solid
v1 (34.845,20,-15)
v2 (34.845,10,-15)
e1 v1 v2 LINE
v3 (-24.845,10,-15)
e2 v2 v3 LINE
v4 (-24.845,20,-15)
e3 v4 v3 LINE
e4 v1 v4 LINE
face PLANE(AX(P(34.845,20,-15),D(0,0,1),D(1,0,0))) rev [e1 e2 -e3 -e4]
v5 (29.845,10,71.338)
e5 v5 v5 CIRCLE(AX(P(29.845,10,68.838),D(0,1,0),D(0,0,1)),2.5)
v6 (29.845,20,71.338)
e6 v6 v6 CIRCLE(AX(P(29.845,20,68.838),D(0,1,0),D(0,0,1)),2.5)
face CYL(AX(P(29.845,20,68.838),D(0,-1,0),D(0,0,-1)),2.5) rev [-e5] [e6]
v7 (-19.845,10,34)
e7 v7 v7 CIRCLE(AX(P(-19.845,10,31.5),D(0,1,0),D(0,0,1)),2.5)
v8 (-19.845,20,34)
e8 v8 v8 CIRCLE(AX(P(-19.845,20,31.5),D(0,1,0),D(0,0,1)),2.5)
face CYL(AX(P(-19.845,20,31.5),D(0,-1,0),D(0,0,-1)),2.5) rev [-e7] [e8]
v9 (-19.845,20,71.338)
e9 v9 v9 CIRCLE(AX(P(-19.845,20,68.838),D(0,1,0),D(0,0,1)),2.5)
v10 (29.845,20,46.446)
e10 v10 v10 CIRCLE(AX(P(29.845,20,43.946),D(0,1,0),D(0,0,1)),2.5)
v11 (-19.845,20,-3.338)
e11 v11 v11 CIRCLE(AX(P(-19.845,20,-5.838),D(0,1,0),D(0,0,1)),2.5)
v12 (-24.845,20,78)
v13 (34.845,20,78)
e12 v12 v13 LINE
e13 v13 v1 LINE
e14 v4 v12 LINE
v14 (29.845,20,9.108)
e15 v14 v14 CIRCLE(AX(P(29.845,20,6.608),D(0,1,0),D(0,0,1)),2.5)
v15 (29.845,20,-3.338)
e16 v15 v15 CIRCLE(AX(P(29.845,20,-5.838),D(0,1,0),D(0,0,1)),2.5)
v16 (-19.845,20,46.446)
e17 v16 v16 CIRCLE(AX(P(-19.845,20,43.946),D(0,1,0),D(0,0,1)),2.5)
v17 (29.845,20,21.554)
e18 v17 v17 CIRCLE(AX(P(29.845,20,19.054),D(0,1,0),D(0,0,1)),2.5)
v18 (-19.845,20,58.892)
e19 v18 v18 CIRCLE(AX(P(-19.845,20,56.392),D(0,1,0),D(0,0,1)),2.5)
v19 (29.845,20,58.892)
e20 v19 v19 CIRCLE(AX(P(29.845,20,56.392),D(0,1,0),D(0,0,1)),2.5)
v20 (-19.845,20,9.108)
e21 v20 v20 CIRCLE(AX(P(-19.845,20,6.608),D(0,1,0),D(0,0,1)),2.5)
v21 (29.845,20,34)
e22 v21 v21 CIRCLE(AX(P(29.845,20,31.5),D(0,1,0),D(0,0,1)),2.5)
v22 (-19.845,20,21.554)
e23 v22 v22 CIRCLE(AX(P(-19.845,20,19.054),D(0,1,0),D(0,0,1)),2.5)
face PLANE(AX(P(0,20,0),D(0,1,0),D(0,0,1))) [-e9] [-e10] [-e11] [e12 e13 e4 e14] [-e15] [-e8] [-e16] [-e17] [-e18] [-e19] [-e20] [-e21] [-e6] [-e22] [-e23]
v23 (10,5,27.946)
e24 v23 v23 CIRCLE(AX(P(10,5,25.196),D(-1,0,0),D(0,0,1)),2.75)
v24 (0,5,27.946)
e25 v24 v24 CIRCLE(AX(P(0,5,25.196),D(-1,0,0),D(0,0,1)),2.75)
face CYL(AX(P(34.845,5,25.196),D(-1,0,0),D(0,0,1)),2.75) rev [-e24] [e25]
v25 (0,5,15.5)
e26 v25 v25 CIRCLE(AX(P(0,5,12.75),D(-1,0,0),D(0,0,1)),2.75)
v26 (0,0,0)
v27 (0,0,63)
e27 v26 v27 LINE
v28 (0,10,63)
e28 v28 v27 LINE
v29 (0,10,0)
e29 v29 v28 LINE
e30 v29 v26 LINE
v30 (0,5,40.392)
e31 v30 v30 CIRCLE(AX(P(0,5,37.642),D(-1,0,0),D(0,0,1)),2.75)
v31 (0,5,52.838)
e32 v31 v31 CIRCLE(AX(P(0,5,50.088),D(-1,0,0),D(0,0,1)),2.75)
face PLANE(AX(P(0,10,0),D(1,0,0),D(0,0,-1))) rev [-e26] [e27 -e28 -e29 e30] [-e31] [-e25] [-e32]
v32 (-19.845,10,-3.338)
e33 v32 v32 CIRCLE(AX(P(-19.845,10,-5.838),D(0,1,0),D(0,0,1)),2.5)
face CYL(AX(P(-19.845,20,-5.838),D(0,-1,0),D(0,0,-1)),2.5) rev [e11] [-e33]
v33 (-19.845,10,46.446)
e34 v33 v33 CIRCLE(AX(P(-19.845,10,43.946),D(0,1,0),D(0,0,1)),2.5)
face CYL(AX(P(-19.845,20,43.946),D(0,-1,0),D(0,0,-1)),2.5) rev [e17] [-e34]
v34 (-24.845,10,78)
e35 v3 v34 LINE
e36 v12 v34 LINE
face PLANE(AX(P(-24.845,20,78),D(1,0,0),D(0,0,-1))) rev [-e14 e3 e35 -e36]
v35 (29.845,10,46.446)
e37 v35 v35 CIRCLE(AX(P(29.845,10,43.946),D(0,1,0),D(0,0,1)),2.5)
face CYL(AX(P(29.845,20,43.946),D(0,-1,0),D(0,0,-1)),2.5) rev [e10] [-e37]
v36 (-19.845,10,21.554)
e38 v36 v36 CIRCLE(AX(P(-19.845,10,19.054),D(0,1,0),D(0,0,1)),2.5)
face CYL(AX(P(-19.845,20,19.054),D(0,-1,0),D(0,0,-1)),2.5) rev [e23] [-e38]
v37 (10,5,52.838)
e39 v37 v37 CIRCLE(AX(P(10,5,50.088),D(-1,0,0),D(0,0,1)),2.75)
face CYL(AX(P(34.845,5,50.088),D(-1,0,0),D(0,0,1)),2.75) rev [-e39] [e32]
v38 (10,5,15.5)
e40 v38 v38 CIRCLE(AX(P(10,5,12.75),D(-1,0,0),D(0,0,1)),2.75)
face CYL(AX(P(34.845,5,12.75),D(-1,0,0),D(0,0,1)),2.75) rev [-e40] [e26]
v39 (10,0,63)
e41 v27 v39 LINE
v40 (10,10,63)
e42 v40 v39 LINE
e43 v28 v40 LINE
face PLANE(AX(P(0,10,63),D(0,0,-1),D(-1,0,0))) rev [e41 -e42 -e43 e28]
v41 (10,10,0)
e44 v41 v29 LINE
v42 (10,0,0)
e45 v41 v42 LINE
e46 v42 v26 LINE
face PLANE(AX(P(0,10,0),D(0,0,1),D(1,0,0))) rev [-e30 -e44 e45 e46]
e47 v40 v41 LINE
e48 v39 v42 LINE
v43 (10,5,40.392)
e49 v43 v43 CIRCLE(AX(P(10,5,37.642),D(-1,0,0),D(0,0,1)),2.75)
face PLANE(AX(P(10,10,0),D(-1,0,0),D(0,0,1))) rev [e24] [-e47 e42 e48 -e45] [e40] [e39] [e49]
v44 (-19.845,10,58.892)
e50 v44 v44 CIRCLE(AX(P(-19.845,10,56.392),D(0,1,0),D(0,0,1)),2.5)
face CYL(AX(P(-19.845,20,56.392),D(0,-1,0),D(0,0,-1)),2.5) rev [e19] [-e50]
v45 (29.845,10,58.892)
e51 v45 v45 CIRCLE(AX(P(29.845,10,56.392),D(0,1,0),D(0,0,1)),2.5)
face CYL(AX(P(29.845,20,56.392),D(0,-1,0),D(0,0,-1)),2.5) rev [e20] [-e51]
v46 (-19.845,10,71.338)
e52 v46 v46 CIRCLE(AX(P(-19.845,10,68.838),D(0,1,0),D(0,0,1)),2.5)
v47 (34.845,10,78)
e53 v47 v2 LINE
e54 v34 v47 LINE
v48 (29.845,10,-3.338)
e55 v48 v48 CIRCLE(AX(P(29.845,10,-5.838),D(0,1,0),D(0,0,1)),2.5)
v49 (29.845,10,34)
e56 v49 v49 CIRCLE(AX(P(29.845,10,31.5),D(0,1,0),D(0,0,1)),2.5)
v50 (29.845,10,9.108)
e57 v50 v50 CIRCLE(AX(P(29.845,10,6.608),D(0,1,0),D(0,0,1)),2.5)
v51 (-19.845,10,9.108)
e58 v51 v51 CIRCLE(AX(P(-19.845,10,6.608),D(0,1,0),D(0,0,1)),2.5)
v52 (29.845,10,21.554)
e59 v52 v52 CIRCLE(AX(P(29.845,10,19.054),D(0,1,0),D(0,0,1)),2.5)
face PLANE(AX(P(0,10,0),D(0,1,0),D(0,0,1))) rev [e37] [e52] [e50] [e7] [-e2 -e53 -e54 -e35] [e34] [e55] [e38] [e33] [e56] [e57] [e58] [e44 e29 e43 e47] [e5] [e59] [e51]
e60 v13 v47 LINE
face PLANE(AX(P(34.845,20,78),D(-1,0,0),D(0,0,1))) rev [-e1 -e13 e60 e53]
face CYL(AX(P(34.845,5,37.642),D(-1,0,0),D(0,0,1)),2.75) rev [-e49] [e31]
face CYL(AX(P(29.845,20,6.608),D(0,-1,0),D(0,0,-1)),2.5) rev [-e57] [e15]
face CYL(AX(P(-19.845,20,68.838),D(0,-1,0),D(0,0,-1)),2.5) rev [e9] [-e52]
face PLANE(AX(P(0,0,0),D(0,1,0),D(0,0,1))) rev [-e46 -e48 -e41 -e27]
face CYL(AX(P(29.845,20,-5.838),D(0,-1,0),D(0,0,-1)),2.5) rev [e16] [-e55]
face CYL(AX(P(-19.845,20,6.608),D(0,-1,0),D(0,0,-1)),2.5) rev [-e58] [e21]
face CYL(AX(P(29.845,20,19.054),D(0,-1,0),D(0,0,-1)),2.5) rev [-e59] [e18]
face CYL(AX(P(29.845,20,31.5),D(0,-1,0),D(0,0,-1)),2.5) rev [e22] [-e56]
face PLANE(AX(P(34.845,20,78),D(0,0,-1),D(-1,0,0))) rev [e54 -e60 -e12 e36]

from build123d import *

# Parameters (mm, degrees)
SKETCH1_W           = 10
SKETCH1_H           = 63
BOSS_EXTRUDE1_DEPTH = 10
SKETCH2_W           = 59.69
SKETCH2_H           = 93
SKETCH2_R           = 2.5
BOSS_EXTRUDE2_DEPTH = 10
SKETCH3_R           = 2.75
CUT_EXTRUDE1_DEPTH  = 88.739238799


with BuildPart() as part:
    # Sketch1 → Boss-Extrude1 (new body)
    with BuildSketch(Plane(origin=(0, 0, 0), x_dir=(1, 0, 0), z_dir=(0, 1, 0))):
        with Locations((5, -31.5)):
            Rectangle(SKETCH1_W, SKETCH1_H)
    extrude(amount=BOSS_EXTRUDE1_DEPTH)

    # Sketch2 → Boss-Extrude2 (add)
    with BuildSketch(Plane(origin=(0, 10, 0), x_dir=(1, 0, 0), z_dir=(0, 1, 0))):
        with Locations((5, -31.5)):
            Rectangle(SKETCH2_W, SKETCH2_H)
        with Locations(Location((-19.845, 5.838000036, 0), (0, 0, 270))):
            Circle(SKETCH2_R, mode=Mode.SUBTRACT)
        with Locations(Location((-19.845, -6.607999964, 0), (0, 0, 270))):
            Circle(SKETCH2_R, mode=Mode.SUBTRACT)
        with Locations(Location((-19.845, -19.053999964, 0), (0, 0, 270))):
            Circle(SKETCH2_R, mode=Mode.SUBTRACT)
        with Locations(Location((-19.845, -31.499999964, 0), (0, 0, 270))):
            Circle(SKETCH2_R, mode=Mode.SUBTRACT)
        with Locations(Location((-19.845, -43.945999964, 0), (0, 0, 270))):
            Circle(SKETCH2_R, mode=Mode.SUBTRACT)
        with Locations(Location((-19.845, -56.391999964, 0), (0, 0, 270))):
            Circle(SKETCH2_R, mode=Mode.SUBTRACT)
        with Locations(Location((-19.845, -68.837999964, 0), (0, 0, 270))):
            Circle(SKETCH2_R, mode=Mode.SUBTRACT)
        with Locations(Location((29.845, 5.838000036, 0), (0, 0, 270))):
            Circle(SKETCH2_R, mode=Mode.SUBTRACT)
        with Locations(Location((29.845, -6.607999964, 0), (0, 0, 270))):
            Circle(SKETCH2_R, mode=Mode.SUBTRACT)
        with Locations(Location((29.845, -19.053999964, 0), (0, 0, 270))):
            Circle(SKETCH2_R, mode=Mode.SUBTRACT)
        with Locations(Location((29.845, -31.499999964, 0), (0, 0, 270))):
            Circle(SKETCH2_R, mode=Mode.SUBTRACT)
        with Locations(Location((29.845, -43.945999964, 0), (0, 0, 270))):
            Circle(SKETCH2_R, mode=Mode.SUBTRACT)
        with Locations(Location((29.845, -56.391999964, 0), (0, 0, 270))):
            Circle(SKETCH2_R, mode=Mode.SUBTRACT)
        with Locations(Location((29.845, -68.837999964, 0), (0, 0, 270))):
            Circle(SKETCH2_R, mode=Mode.SUBTRACT)
    extrude(amount=BOSS_EXTRUDE2_DEPTH)

    # Sketch3 → Cut-Extrude1 (cut, through all)
    with BuildSketch(Plane.ZY):
        with Locations((12.75, 5)):
            Circle(SKETCH3_R)
        with Locations((25.196, 5)):
            Circle(SKETCH3_R)
        with Locations((37.642, 5)):
            Circle(SKETCH3_R)
        with Locations((50.088, 5)):
            Circle(SKETCH3_R)
    extrude(amount=-CUT_EXTRUDE1_DEPTH, mode=Mode.SUBTRACT)


solid = part.part
